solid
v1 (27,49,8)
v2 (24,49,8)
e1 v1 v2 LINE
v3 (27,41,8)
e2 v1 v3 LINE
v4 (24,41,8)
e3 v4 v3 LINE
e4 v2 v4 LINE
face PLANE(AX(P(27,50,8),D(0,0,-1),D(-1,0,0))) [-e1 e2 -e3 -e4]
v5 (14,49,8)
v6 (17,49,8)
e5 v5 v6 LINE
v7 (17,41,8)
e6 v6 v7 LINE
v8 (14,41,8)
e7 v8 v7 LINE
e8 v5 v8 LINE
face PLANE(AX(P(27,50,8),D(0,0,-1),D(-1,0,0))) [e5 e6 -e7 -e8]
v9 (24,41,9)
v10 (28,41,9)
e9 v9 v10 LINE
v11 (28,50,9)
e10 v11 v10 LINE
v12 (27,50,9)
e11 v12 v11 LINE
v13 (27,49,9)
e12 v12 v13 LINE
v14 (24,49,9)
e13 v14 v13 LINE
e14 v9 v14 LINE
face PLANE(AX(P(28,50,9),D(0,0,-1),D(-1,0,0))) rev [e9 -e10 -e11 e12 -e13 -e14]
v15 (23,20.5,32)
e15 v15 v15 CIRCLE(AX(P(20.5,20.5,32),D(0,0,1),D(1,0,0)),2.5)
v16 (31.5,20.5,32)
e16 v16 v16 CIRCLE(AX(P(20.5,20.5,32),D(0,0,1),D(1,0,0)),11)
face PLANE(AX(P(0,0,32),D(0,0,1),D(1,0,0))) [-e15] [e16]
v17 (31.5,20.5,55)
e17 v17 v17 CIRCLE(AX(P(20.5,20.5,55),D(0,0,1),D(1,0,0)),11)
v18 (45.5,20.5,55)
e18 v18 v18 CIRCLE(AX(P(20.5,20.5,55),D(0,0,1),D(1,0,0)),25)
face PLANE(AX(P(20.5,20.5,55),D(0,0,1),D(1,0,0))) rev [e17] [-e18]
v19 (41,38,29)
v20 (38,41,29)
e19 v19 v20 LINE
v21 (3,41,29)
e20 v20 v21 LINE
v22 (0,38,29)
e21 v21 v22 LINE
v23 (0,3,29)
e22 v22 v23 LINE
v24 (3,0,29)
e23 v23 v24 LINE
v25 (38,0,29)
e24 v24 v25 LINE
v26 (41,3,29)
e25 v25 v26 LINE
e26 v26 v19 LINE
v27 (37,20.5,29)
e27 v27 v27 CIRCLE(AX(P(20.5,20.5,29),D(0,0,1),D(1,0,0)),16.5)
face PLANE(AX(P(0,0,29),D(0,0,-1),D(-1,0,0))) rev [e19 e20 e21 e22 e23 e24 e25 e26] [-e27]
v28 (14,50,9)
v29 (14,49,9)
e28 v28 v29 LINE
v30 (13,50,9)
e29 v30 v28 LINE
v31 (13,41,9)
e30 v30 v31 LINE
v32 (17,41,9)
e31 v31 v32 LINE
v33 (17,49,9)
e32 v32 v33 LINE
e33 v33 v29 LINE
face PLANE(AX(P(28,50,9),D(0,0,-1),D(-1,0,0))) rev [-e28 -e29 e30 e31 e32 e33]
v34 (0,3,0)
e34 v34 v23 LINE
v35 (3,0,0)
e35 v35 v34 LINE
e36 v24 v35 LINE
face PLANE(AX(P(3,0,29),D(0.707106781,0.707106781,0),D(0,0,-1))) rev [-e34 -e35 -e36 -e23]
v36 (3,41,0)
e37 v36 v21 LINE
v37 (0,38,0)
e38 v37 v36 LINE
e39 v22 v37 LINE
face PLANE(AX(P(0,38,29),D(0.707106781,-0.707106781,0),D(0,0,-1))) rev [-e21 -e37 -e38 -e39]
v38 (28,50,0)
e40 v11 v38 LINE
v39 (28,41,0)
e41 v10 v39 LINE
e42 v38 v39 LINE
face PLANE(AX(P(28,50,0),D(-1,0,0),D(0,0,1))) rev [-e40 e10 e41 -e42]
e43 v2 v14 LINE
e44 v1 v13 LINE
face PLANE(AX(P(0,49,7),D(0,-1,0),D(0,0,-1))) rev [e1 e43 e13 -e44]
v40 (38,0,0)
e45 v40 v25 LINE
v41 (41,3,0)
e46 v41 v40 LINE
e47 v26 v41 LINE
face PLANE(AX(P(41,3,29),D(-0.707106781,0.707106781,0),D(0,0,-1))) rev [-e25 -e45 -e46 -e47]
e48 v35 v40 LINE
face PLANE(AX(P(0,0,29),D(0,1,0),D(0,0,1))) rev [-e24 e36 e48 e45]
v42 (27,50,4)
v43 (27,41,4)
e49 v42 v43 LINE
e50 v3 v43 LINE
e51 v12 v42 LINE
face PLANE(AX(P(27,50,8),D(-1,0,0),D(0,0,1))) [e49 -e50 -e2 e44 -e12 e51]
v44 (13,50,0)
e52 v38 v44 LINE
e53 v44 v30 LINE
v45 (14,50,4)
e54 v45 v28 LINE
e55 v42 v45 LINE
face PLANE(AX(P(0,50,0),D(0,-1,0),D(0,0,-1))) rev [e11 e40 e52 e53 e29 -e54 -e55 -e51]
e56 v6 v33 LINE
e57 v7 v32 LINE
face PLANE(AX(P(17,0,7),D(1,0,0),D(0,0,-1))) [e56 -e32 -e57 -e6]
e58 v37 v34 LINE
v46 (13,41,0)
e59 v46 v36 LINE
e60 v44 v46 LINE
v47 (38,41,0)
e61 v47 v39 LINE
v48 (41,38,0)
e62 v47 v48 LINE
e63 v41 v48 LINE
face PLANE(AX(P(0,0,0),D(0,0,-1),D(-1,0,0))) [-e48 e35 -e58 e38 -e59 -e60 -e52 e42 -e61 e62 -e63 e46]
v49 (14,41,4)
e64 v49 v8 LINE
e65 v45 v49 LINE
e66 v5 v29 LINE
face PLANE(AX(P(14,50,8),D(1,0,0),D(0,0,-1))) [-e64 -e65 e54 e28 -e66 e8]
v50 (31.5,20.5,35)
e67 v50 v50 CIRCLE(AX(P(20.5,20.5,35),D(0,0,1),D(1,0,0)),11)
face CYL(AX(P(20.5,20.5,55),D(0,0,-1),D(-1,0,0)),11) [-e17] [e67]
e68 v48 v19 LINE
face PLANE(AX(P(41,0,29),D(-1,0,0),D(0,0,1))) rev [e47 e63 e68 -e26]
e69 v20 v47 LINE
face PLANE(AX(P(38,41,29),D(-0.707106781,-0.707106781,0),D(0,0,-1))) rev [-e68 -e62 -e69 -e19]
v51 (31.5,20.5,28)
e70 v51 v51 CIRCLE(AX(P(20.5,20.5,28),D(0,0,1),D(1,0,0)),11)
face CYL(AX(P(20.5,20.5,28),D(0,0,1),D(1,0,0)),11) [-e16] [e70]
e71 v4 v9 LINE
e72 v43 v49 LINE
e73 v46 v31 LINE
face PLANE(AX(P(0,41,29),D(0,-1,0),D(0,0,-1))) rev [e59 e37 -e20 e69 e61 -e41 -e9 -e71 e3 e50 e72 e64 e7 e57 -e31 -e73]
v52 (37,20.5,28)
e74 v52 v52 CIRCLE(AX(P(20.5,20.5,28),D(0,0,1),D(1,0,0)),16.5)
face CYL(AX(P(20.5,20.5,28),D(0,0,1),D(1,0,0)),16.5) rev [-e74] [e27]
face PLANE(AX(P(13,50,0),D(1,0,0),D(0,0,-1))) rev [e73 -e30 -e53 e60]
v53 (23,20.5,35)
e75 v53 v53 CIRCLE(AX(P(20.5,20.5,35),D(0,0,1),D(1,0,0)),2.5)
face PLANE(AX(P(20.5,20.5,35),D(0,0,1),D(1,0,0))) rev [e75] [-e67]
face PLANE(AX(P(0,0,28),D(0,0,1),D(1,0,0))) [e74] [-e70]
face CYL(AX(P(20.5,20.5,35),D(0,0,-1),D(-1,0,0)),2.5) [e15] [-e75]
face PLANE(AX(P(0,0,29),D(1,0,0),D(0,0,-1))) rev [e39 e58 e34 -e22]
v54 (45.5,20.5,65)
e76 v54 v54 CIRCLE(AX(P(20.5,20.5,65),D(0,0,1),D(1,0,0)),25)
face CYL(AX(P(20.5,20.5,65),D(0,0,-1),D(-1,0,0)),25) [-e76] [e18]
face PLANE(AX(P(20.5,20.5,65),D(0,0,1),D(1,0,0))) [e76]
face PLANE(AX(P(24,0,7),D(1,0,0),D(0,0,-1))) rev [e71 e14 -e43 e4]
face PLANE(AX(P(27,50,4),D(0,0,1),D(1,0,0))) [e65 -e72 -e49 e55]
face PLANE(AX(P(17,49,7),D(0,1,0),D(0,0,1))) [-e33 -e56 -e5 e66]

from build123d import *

# Parameters (mm, degrees)
ESQUISSE1_W             = 41
ESQUISSE1_H             = 41
BOSS_EXTRU_1_DEPTH      = 29
ESQUISSE2_R             = 16.5
ESQUISSE2_R_2           = 11
ENL_V_MAT_EXTRU_1_DEPTH = 1
BOSS_EXTRU_2_START      = 3
ESQUISSE2_3_R           = 11
ESQUISSE2_3_R_2         = 2.5
BOSS_EXTRU_2_DEPTH      = 3
BOSS_EXTRU_3_START      = 6
ESQUISSE2_4_R           = 2.5
BOSS_EXTRU_3_DEPTH      = 6
BOSS_EXTRU_4_START      = 20
ESQUISSE7_R             = 11
BOSS_EXTRU_4_DEPTH      = 20
ESQUISSE9_R             = 25
BOSS_EXTRU_5_DEPTH      = 10
CHANFREIN1_SIZE         = 3
ESQUISSE10_W            = 15
ESQUISSE10_H            = 9
ESQUISSE10_W_2          = 13
ESQUISSE10_H_2          = 4
BOSS_EXTRU_6_DEPTH      = 9
ENL_V_MAT_EXTRU_3_DEPTH = 2


with BuildPart() as part:
    # Esquisse1 → Boss.-Extru.1 (new body)
    with BuildSketch(Plane.XY):
        with Locations((20.5, 20.5)):
            Rectangle(ESQUISSE1_W, ESQUISSE1_H)
    extrude(amount=BOSS_EXTRU_1_DEPTH)

    # Esquisse2 → Enlèv. mat.-Extru.1 (cut)
    with BuildSketch(Plane.XY.offset(29)):
        with Locations((20.5, 20.5)):
            Circle(ESQUISSE2_R)
        with Locations((20.5, 20.5)):
            Circle(ESQUISSE2_R_2, mode=Mode.SUBTRACT)
    extrude(amount=-ENL_V_MAT_EXTRU_1_DEPTH, mode=Mode.SUBTRACT)

    # Esquisse2<3> → Boss.-Extru.2 (add)
    with BuildSketch(Plane.XY.offset(29).offset(BOSS_EXTRU_2_START)):
        with Locations((20.5, 20.5)):
            Circle(ESQUISSE2_3_R)
        with Locations((20.5, 20.5)):
            Circle(ESQUISSE2_3_R_2, mode=Mode.SUBTRACT)
    extrude(amount=-BOSS_EXTRU_2_DEPTH)

    # Esquisse2<4> → Boss.-Extru.3 (add)
    with BuildSketch(Plane.XY.offset(29).offset(BOSS_EXTRU_3_START)):
        with Locations((20.5, 20.5)):
            Circle(ESQUISSE2_4_R)
    extrude(amount=-BOSS_EXTRU_3_DEPTH)

    # Esquisse7 → Boss.-Extru.4 (add)
    with BuildSketch(Plane.XY.offset(35).offset(BOSS_EXTRU_4_START)):
        with Locations((20.5, 20.5)):
            Circle(ESQUISSE7_R)
    extrude(amount=-BOSS_EXTRU_4_DEPTH)

    # Esquisse9 → Boss.-Extru.5 (add)
    with BuildSketch(Plane.XY.offset(55)):
        with Locations((20.5, 20.5)):
            Circle(ESQUISSE9_R)
    extrude(amount=BOSS_EXTRU_5_DEPTH)

    # Chanfrein1
    chanfrein1_edges = [part.edges().sort_by_distance(p)[0] for p in [
        (41, 41, 14.5),
        (41, 0, 14.5),
        (0, 0, 14.5),
        (0, 41, 14.5),
    ]]
    chamfer(chanfrein1_edges, length=CHANFREIN1_SIZE)

    # Esquisse10 → Boss.-Extru.6 (add)
    with BuildSketch(Plane(origin=(0, 41, 0), x_dir=(1, 0, 0), z_dir=(0, 1, 0))):
        with Locations((20.5, -4.5)):
            Rectangle(ESQUISSE10_W, ESQUISSE10_H)
        with Locations((20.5, -6)):
            Rectangle(ESQUISSE10_W_2, ESQUISSE10_H_2, mode=Mode.SUBTRACT)
    extrude(amount=BOSS_EXTRU_6_DEPTH)

    # Esquisse11 → Enlèv. mat.-Extru.3 (cut)
    with BuildSketch(Plane.XY.offset(9)):
        Polygon((17, 41), (24, 41), (24, 49), (27, 49), (27, 50), (14, 50), (14, 49), (17, 49), align=None)
    extrude(amount=-ENL_V_MAT_EXTRU_3_DEPTH, mode=Mode.SUBTRACT)


solid = part.part
